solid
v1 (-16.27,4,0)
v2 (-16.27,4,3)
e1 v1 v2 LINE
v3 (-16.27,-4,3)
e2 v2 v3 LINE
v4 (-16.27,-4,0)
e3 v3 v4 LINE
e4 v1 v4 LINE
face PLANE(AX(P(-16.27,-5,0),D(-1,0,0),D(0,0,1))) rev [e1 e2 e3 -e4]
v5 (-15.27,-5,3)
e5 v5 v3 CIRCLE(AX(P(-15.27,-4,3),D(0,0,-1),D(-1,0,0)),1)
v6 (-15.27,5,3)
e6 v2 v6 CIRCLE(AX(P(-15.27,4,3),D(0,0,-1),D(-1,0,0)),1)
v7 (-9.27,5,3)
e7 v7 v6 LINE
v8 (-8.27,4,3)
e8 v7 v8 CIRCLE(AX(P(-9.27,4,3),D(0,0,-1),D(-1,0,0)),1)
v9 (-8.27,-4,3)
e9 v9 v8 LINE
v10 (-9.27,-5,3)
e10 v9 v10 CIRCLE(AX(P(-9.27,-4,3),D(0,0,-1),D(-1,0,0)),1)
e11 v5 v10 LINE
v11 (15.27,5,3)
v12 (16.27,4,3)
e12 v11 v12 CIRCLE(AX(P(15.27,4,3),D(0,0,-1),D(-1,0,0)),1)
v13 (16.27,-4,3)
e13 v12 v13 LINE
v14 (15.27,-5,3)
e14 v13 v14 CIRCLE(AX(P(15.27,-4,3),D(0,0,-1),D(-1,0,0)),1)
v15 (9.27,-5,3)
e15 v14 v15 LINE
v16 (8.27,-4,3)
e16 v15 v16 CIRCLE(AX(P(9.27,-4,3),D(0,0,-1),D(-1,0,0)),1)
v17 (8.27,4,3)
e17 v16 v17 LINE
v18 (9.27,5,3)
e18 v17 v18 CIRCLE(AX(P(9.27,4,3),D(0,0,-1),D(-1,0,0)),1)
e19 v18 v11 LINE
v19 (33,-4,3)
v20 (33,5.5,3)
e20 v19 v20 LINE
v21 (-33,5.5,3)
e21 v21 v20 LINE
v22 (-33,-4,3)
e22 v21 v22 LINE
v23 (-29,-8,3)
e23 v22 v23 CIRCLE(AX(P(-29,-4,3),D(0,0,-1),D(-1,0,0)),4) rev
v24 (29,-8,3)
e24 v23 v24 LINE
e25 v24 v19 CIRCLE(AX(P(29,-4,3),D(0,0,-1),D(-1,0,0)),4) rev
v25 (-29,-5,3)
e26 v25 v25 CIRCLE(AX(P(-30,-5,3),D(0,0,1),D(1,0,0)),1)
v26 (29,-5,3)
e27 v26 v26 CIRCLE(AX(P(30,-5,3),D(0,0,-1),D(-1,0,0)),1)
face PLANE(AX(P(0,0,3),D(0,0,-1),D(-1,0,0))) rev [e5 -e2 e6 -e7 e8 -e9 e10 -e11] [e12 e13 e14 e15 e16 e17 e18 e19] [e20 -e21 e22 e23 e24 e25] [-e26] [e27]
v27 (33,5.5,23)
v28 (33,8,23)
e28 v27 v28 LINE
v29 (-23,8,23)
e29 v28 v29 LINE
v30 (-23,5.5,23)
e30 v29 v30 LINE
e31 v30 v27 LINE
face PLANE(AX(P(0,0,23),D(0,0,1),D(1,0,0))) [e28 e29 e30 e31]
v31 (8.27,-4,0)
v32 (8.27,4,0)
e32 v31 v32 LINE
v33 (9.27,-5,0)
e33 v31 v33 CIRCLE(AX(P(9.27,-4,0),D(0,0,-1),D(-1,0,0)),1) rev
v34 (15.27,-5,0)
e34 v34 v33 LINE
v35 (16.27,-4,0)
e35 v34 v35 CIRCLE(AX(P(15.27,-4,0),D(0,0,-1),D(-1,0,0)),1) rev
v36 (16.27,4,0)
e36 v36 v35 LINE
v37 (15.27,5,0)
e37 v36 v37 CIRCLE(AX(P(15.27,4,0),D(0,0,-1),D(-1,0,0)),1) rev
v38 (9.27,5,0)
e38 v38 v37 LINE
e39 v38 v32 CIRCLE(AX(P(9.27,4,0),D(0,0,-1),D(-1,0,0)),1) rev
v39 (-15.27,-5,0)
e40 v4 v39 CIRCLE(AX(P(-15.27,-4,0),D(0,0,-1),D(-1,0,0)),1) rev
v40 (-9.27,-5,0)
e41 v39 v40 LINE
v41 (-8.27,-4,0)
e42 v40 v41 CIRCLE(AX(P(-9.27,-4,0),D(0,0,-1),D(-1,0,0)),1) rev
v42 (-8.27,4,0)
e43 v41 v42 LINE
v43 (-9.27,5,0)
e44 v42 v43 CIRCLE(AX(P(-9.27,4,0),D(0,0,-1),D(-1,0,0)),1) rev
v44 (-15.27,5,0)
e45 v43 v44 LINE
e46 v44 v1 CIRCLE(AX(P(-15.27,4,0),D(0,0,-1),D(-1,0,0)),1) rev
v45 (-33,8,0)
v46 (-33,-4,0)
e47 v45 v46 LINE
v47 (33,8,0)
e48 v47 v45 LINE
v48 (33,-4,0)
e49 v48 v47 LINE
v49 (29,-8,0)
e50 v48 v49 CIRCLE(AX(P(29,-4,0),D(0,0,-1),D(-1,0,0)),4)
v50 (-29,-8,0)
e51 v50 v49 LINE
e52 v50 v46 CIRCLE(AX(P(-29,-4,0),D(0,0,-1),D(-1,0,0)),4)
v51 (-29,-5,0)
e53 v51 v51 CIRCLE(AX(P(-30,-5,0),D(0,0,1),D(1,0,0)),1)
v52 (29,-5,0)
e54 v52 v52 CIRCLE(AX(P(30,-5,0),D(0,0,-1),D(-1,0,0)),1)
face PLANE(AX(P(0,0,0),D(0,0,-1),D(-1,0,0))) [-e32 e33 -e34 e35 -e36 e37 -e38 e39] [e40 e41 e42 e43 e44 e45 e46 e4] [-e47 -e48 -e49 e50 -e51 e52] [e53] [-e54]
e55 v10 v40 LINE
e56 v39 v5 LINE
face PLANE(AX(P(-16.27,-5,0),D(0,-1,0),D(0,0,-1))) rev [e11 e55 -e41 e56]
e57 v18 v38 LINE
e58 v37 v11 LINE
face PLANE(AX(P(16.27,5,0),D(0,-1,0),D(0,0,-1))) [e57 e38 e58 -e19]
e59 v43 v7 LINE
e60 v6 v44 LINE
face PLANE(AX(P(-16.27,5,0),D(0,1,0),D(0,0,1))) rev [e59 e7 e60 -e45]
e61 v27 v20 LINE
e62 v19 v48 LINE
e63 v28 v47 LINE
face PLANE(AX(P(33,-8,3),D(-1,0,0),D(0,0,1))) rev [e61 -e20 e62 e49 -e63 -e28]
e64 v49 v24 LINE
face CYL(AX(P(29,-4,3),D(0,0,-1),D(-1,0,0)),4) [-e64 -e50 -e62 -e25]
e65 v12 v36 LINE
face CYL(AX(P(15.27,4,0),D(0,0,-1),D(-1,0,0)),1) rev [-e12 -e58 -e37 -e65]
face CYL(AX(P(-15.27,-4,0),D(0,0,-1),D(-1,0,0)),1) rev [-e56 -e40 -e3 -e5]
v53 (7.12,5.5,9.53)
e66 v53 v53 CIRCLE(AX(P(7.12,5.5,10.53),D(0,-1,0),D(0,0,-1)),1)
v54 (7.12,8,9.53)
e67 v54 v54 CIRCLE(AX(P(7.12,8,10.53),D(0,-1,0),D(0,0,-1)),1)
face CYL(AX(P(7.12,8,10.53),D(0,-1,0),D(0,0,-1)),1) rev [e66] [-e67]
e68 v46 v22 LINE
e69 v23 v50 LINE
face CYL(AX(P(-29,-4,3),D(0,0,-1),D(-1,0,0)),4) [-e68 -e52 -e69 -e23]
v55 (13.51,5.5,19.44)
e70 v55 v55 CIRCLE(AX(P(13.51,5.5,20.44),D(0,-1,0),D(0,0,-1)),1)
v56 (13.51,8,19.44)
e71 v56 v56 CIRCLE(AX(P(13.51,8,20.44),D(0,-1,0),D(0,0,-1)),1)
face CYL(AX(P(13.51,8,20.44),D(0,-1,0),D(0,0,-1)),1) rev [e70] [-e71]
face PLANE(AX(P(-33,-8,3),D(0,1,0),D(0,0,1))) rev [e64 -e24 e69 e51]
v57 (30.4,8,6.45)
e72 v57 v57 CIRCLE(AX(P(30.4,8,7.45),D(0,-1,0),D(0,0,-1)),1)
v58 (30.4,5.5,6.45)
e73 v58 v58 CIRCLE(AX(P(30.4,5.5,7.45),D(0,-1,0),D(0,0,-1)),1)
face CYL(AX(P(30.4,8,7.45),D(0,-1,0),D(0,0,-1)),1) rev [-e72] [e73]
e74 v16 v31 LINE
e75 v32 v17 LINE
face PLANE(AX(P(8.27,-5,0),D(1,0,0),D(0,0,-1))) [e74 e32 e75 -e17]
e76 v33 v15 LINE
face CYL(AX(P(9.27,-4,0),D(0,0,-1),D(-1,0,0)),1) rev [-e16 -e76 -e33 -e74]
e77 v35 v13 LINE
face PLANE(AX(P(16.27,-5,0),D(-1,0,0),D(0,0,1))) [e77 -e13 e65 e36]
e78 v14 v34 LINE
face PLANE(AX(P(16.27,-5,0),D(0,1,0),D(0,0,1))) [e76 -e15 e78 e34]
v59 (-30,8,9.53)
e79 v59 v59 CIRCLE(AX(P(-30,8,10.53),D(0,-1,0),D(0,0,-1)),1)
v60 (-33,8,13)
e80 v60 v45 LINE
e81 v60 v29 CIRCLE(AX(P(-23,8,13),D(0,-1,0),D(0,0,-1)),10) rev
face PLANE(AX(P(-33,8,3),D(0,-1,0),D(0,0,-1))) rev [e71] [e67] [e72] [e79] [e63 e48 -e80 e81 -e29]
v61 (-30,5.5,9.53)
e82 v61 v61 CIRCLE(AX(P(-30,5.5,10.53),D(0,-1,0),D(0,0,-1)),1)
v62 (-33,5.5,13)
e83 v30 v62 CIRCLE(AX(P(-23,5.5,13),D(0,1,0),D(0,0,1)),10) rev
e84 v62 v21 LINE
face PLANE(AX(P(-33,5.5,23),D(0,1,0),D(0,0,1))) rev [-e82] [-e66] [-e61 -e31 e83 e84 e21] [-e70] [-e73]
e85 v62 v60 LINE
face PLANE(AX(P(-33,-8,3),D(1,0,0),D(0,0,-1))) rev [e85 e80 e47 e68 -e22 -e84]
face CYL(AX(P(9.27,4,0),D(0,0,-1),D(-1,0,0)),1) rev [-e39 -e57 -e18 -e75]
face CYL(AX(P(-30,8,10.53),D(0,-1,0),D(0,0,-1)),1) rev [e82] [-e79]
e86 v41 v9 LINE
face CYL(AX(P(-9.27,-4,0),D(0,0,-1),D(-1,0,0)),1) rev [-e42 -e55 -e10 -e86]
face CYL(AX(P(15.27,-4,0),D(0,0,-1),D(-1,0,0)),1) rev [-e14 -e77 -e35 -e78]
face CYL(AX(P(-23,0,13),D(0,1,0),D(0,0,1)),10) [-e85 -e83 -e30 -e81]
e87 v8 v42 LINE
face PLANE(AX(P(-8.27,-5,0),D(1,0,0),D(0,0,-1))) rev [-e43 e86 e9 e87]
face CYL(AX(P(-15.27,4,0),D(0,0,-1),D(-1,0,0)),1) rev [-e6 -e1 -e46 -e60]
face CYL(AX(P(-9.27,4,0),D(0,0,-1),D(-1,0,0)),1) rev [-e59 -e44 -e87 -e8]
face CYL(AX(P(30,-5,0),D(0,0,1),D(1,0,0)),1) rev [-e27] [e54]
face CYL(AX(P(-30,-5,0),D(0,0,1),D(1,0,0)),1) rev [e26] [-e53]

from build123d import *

# Parameters (mm, degrees)
ESBO_O21_W               = 66
ESBO_O21_H               = 16
RESSALTO_EXTRUS_O1_DEPTH = 3
ESBO_O22_W               = 66
ESBO_O22_H               = 2.5
RESSALTO_EXTRUS_O2_DEPTH = 20
ESBO_O23_R               = 1
CORTE_EXTRUS_O9_DEPTH    = 43.429353047
ESBO_O24_R               = 1
ESBO_O24_W               = 8
ESBO_O24_H               = 10
CORTE_EXTRUS_O10_DEPTH   = 40.40812099
FILETE1_R                = 10
FILETE2_R                = 4
FILETE3_R                = 1


with BuildPart() as part:
    # Esboço21 → Ressalto-extrusão1 (new body)
    with BuildSketch(Plane.XY):
        Rectangle(ESBO_O21_W, ESBO_O21_H)
    extrude(amount=RESSALTO_EXTRUS_O1_DEPTH)

    # Esboço22 → Ressalto-extrusão2 (add)
    with BuildSketch(Plane.XY.offset(3)):
        with Locations((0, 6.75)):
            Rectangle(ESBO_O22_W, ESBO_O22_H)
    extrude(amount=RESSALTO_EXTRUS_O2_DEPTH)

    # Esboço23 → Corte-extrusão9 (cut, through all)
    with BuildSketch(Plane.XZ.offset(-5.5)):
        with Locations(Location((-30, 10.53, 0), (0, 0, 270))):
            Circle(ESBO_O23_R)
        with Locations(Location((7.12, 10.53, 0), (0, 0, 270))):
            Circle(ESBO_O23_R)
        with Locations(Location((30.4, 7.45, 0), (0, 0, 270))):
            Circle(ESBO_O23_R)
        with Locations(Location((13.51, 20.44, 0), (0, 0, 270))):
            Circle(ESBO_O23_R)
    extrude(amount=-CORTE_EXTRUS_O9_DEPTH, mode=Mode.SUBTRACT)

    # Esboço24 → Corte-extrusão10 (cut, through all)
    with BuildSketch(Plane.XY.offset(3)):
        with Locations((-30, -5)):
            Circle(ESBO_O24_R)
        with Locations((-12.27, 0)):
            Rectangle(ESBO_O24_W, ESBO_O24_H)
    corte_extrus_o10 = extrude(amount=-CORTE_EXTRUS_O10_DEPTH, mode=Mode.SUBTRACT)

    # Filete1
    filete1_edges = [part.edges().sort_by_distance(p)[0] for p in [
        (-33, 6.75, 23),
    ]]
    fillet(filete1_edges, radius=FILETE1_R)

    # Filete2
    filete2_edges = [part.edges().sort_by_distance(p)[0] for p in [
        (33, -8, 1.5),
        (-33, -8, 1.5),
    ]]
    fillet(filete2_edges, radius=FILETE2_R)

    # Espelhar1: Corte-extrusão10 across plane
    add(corte_extrus_o10.mirror(Plane(origin=(0, 0, 0), x_dir=(0, 0, 1), z_dir=(1, 0, 0))), mode=Mode.SUBTRACT)

    # Filete3
    filete3_edges = [part.edges().sort_by_distance(p)[0] for p in [
        (-8.27, 5, 1.5),
        (-8.27, -5, 1.5),
        (-16.27, -5, 1.5),
        (-16.27, 5, 1.5),
        (8.27, -5, 1.5),
        (8.27, 5, 1.5),
        (16.27, 5, 1.5),
        (16.27, -5, 1.5),
    ]]
    fillet(filete3_edges, radius=FILETE3_R)


solid = part.part
